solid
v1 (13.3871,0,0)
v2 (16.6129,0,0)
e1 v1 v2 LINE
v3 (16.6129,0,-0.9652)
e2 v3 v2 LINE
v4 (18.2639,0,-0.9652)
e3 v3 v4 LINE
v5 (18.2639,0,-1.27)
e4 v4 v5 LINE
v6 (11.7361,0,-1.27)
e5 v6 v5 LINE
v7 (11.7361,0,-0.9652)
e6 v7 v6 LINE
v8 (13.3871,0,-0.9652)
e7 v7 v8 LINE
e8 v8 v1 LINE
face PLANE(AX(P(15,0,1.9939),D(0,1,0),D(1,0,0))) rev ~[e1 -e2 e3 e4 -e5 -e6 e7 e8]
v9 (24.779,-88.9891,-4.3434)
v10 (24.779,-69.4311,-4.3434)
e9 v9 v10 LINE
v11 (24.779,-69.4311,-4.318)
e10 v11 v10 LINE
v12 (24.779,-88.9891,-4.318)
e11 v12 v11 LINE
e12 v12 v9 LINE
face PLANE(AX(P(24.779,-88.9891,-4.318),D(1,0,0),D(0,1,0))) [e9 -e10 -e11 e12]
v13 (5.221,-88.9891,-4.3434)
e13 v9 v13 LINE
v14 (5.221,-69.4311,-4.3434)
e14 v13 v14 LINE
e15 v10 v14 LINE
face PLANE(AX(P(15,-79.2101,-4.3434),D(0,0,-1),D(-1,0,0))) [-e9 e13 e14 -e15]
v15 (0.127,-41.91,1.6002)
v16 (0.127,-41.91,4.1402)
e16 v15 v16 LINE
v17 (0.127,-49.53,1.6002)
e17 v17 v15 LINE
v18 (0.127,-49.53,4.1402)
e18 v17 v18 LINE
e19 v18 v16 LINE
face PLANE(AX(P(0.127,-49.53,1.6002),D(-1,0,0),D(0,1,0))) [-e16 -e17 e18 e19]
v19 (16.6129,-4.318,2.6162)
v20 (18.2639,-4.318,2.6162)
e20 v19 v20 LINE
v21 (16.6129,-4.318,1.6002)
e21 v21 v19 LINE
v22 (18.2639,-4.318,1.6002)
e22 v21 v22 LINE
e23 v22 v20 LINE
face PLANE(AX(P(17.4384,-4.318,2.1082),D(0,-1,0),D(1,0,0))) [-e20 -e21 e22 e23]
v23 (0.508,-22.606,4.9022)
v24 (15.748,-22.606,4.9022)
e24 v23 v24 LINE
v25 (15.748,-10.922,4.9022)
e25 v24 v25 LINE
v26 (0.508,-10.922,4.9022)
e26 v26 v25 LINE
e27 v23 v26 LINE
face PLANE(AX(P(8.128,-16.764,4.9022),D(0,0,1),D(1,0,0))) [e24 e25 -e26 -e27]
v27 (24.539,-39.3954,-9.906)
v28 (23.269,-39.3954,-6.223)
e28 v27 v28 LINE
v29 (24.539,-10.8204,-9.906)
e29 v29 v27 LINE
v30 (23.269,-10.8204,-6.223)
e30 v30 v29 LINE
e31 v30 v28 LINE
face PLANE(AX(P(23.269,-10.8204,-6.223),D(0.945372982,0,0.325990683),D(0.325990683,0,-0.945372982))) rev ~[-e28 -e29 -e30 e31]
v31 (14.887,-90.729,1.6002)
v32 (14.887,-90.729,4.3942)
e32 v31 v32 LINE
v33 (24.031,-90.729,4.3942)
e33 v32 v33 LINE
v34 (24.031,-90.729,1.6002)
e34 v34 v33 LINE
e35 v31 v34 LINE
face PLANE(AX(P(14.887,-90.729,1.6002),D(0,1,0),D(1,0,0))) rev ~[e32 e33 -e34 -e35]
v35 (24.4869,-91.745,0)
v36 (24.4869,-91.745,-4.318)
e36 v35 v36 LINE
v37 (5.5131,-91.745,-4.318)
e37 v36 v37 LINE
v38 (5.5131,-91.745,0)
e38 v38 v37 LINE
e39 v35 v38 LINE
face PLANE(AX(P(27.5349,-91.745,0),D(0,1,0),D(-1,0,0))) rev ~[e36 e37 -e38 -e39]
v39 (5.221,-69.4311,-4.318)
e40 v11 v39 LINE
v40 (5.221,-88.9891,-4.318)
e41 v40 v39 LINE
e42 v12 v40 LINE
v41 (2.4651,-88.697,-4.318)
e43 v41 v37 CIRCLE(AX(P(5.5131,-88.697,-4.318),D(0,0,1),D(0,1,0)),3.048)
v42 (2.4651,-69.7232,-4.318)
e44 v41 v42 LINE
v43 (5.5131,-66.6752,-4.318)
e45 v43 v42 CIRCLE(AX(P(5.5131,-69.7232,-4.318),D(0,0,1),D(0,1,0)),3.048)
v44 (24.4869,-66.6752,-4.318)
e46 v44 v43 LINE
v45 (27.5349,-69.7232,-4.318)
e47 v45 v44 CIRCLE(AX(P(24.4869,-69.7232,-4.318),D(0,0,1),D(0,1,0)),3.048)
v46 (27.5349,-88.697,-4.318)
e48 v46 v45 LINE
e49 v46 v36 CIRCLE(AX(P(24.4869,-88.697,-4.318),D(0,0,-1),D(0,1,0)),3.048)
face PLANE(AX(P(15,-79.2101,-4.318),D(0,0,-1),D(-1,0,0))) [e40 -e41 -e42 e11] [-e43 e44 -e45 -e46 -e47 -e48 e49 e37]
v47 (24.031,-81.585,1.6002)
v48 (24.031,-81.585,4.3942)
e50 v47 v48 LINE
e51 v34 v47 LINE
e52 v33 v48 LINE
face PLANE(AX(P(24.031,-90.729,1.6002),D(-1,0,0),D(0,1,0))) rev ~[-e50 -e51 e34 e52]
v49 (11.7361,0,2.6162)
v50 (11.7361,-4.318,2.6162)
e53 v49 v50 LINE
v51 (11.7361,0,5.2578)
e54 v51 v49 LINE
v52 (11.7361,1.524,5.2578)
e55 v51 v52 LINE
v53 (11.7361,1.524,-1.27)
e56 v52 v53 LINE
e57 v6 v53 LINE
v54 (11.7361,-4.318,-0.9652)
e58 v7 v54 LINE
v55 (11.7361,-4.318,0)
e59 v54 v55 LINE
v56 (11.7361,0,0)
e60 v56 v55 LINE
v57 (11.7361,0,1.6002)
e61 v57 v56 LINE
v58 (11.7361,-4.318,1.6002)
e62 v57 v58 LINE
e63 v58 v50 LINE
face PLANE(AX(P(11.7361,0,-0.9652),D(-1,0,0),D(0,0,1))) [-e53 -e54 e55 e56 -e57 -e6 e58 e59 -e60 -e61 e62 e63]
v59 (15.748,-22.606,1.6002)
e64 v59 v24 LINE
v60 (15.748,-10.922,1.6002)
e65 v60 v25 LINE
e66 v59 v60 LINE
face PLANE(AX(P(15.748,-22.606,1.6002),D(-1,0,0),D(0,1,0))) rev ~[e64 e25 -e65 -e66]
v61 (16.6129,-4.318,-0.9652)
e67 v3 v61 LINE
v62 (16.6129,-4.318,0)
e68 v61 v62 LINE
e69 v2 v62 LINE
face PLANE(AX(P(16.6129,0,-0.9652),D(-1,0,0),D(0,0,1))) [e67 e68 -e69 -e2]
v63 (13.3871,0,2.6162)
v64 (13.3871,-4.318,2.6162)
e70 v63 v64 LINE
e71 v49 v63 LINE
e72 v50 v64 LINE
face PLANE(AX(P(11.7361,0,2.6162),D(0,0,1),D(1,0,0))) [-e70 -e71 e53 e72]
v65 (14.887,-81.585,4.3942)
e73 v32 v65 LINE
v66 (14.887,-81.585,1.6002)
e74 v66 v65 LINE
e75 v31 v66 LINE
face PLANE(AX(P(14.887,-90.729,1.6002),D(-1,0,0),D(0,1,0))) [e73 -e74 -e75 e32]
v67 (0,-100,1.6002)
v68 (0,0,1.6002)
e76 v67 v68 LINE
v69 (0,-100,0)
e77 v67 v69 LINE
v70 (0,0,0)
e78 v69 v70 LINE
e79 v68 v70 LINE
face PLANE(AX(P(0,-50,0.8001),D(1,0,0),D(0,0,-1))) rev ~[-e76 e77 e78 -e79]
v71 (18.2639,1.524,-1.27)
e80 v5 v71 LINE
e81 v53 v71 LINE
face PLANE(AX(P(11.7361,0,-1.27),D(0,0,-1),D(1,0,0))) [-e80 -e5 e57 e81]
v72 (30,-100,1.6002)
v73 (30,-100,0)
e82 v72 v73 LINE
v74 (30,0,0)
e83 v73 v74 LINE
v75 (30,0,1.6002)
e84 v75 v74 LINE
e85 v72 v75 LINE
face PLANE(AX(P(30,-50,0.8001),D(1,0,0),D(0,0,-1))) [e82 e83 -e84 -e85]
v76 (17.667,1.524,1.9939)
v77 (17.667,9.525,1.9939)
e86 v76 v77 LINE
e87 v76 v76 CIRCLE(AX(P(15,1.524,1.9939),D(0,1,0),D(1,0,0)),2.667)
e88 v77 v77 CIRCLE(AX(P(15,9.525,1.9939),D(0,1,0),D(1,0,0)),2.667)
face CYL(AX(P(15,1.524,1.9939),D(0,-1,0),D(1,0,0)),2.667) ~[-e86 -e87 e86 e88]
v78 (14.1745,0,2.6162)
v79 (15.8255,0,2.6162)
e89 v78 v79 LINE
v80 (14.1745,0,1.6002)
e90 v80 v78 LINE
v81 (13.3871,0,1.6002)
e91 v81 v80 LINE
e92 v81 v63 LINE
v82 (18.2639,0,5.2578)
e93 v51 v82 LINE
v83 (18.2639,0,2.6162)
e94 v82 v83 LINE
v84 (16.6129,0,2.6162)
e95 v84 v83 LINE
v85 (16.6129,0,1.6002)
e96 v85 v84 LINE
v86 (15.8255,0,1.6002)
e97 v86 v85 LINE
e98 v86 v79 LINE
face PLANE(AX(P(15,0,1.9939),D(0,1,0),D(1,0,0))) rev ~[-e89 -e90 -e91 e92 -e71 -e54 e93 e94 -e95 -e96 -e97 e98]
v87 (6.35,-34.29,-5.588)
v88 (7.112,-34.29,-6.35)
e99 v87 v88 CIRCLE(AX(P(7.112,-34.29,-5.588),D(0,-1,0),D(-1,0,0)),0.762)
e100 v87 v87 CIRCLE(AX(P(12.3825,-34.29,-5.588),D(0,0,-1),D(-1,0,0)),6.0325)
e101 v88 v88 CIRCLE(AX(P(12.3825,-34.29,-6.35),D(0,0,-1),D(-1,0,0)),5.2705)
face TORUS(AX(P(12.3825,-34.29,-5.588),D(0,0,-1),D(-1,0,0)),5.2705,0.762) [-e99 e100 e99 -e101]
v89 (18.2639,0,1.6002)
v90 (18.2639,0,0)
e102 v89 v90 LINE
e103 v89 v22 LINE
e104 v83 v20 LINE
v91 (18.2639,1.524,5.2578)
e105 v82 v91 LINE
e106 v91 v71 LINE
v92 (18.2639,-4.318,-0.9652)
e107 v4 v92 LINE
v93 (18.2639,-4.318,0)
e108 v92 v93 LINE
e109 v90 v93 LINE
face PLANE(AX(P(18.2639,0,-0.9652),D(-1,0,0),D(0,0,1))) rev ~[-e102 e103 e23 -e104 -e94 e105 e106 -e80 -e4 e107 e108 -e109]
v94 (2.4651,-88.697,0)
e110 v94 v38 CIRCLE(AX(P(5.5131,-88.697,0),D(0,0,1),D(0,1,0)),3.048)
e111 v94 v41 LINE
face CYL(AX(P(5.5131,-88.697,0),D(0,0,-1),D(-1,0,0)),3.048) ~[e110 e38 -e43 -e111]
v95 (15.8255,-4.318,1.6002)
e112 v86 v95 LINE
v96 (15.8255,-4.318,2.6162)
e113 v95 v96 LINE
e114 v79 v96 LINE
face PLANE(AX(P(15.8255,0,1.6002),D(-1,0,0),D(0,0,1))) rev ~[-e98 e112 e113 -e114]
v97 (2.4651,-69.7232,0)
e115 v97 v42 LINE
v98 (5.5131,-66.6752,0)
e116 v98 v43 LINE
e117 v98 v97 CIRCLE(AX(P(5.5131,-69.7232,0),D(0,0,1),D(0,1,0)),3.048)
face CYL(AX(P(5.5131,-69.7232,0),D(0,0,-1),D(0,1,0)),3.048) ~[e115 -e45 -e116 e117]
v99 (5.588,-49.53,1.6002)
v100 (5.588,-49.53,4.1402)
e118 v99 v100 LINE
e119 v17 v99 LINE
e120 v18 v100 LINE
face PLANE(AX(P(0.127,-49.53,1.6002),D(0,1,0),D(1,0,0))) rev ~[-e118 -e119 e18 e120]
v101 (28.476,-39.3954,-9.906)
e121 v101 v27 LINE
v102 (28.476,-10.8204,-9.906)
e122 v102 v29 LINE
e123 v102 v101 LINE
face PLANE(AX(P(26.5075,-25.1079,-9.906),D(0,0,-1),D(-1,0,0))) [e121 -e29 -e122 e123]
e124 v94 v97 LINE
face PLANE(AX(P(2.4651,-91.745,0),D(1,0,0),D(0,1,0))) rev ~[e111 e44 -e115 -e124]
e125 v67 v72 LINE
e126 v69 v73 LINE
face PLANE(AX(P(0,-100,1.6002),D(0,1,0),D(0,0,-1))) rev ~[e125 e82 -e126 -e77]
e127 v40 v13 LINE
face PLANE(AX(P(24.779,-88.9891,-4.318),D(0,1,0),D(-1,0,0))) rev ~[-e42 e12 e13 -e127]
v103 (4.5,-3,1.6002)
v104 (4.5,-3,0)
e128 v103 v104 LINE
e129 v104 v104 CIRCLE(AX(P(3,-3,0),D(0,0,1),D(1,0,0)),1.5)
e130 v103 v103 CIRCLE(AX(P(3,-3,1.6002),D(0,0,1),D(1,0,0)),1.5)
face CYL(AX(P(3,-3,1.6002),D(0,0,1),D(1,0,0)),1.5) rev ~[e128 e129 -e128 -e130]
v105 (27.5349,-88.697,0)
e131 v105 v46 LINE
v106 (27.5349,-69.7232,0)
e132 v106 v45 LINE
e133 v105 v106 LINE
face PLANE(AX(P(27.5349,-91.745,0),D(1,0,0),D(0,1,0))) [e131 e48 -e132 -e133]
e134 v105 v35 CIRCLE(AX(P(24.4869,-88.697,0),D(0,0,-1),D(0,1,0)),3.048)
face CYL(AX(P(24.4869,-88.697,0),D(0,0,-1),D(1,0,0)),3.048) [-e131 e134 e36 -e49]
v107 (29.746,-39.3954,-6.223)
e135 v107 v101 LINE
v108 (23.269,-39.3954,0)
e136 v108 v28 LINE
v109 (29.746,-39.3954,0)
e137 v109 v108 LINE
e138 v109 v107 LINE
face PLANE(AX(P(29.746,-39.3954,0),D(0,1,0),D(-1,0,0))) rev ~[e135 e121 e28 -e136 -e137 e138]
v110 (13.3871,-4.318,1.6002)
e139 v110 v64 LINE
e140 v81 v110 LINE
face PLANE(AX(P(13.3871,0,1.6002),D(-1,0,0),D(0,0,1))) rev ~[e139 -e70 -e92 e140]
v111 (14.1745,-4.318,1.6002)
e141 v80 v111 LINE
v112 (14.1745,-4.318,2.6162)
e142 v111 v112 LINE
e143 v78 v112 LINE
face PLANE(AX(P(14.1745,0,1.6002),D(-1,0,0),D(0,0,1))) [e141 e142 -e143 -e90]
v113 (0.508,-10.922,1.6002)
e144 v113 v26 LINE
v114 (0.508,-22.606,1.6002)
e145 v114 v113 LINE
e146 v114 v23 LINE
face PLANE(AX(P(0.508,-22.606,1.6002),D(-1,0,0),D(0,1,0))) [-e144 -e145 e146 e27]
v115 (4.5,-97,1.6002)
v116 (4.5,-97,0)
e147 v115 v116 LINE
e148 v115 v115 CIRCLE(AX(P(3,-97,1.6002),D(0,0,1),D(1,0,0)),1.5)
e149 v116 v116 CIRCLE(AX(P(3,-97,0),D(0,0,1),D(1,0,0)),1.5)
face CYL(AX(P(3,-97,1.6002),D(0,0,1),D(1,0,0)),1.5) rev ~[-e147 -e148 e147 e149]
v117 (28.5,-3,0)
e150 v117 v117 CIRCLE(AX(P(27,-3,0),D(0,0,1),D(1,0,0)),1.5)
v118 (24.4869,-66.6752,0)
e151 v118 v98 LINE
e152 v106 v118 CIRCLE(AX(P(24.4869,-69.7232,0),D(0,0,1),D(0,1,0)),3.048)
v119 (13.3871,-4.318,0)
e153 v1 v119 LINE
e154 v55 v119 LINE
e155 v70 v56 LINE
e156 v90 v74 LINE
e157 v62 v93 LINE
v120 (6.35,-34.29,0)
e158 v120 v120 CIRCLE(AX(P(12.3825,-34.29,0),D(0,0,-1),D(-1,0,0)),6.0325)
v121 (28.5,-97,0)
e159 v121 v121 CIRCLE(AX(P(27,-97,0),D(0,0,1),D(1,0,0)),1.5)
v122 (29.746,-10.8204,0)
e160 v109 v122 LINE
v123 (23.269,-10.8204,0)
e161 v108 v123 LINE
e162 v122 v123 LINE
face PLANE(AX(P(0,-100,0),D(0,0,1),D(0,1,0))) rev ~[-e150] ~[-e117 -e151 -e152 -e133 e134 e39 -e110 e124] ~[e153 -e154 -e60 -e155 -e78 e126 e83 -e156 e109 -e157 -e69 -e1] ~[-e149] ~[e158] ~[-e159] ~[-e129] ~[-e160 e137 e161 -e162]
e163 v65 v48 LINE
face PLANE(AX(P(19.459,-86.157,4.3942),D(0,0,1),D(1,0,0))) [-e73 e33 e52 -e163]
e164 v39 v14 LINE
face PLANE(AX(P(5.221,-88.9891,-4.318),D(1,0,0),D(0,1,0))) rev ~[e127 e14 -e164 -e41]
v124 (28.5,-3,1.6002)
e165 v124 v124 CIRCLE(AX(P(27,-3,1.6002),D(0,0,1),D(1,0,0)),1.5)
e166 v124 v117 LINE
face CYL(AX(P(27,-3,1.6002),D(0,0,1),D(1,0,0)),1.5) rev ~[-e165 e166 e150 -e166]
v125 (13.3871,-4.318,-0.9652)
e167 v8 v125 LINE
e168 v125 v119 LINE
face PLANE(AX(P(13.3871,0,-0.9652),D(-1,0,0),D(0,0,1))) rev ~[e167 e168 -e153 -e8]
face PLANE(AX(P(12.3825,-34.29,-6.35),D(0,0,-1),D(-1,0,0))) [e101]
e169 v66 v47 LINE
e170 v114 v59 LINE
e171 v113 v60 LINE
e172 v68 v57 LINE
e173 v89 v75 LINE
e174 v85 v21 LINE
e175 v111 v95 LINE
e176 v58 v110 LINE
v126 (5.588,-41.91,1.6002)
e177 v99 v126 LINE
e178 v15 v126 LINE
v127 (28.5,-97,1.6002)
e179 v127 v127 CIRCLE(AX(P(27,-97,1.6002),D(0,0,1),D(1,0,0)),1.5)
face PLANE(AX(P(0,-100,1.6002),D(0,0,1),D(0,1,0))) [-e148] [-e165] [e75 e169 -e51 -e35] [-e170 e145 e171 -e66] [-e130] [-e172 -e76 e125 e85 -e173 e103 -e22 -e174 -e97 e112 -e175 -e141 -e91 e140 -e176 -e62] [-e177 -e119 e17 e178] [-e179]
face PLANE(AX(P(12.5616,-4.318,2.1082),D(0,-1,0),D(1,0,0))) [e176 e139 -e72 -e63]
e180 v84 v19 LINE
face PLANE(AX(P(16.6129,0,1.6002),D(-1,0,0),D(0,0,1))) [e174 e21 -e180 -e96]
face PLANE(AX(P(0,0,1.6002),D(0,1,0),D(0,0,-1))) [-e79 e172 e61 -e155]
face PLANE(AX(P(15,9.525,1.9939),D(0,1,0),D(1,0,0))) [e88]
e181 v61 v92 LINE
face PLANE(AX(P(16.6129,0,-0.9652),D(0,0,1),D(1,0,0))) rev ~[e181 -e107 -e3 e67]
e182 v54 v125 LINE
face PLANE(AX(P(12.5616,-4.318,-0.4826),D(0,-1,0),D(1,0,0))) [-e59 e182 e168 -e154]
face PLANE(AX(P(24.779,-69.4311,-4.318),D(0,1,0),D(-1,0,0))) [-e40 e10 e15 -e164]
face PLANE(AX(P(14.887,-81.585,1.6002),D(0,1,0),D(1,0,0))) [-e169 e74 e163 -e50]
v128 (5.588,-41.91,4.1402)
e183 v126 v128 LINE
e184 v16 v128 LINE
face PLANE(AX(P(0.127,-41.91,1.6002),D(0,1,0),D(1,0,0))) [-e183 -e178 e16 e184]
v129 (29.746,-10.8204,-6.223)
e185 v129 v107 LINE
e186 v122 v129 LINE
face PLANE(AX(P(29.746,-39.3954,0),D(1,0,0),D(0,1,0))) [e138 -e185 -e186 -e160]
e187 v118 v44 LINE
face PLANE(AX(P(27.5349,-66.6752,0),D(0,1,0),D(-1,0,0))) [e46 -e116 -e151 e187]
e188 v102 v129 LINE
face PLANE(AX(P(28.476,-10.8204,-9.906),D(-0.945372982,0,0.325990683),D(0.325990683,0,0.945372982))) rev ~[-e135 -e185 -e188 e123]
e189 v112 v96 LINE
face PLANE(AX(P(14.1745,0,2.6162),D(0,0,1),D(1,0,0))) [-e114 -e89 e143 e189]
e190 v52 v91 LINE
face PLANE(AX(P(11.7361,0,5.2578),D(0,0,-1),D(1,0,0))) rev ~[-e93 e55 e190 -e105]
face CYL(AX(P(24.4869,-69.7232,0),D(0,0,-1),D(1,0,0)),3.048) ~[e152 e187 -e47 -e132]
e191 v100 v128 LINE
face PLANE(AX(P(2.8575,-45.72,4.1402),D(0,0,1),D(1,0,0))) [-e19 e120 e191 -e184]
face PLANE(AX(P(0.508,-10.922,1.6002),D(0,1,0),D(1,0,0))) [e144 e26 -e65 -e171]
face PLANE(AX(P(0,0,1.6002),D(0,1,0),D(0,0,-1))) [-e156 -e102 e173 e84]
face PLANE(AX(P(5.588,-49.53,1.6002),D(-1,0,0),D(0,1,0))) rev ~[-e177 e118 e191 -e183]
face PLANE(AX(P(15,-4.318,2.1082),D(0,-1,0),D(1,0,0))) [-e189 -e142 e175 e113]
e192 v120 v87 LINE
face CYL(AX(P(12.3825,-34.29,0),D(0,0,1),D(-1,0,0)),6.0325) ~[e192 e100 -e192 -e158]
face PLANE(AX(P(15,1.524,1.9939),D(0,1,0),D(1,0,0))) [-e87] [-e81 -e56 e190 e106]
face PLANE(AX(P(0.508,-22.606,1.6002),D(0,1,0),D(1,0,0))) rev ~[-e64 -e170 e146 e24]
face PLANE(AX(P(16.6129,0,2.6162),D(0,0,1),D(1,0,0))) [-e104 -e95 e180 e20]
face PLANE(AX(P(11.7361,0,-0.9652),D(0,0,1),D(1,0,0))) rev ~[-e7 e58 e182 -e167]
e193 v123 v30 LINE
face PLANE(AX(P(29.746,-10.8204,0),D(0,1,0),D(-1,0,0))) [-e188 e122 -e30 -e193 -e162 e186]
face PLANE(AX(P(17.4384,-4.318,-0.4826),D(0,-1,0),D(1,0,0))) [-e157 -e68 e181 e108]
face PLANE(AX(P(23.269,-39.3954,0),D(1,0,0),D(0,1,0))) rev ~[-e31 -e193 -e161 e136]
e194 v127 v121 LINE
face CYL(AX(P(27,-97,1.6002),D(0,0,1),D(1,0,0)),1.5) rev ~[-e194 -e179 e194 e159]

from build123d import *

# Parameters (mm, degrees)
SKETCH3_W            = 1.6002
SKETCH3_H            = 100
BOSS_EXTRUDE1_DEPTH  = 30
SKETCH5_R            = 1.5
SCREW_HOLES_DEPTH    = 13.39
SKETCH7_W            = 6.477
SKETCH7_H            = 28.575
BOSS_EXTRUDE2_DEPTH  = 9.906
CUT_EXTRUDE1_REACH   = 91.18
SKETCH9_R            = 6.0325
BOSS_EXTRUDE3_DEPTH  = 6.35
FILLET1_R            = 0.762
SKETCH10_W           = 25.0698
SKETCH10_H           = 25.0698
BOSS_EXTRUDE4_DEPTH  = 4.318
FILLET2_R            = 3.048
SKETCH11_W           = 19.558
SKETCH11_H           = 19.558
STICKER_DEPTH        = 0.0254
SKETCH12_W           = 15.24
SKETCH12_H           = 11.684
BIG_CHIP_DEPTH       = 3.302
SKETCH13_W           = 9.144
SKETCH13_H           = 9.144
UBLOX_CHIP_DEPTH     = 2.794
SKETCH14_W           = 6.5278
SKETCH14_H           = 6.5278
BOSS_EXTRUDE8_DEPTH  = 1.524
SKETCH15_R           = 2.667
BOSS_EXTRUDE9_DEPTH  = 8.001
SKETCH17_W           = 1.651
SKETCH17_H           = 1.016
BOSS_EXTRUDE10_DEPTH = 4.318
SKETCH18_W           = 1.651
SKETCH18_H           = 0.9652
BOSS_EXTRUDE11_DEPTH = 4.318
SKETCH19_W           = 5.461
SKETCH19_H           = 7.62
USB_CONNECTOR_DEPTH  = 2.54


with BuildPart() as part:
    # Sketch3 → Boss-Extrude1 (new body)
    with BuildSketch(Plane(origin=(0, 0, 0), x_dir=(0, 0, -1), z_dir=(1, 0, 0))):
        with Locations((-0.8001, -50)):
            Rectangle(SKETCH3_W, SKETCH3_H)
    extrude(amount=BOSS_EXTRUDE1_DEPTH)

    # Sketch5 → Screw-Holes (cut)
    with BuildSketch(Plane.XY.offset(1.6002)):
        with Locations((27, -3)):
            Circle(SKETCH5_R)
        with Locations((3, -3)):
            Circle(SKETCH5_R)
        with Locations((3, -97)):
            Circle(SKETCH5_R)
        with Locations((27, -97)):
            Circle(SKETCH5_R)
    extrude(amount=-SCREW_HOLES_DEPTH, mode=Mode.SUBTRACT)

    # Sketch7 → Boss-Extrude2 (add)
    with BuildSketch(Plane(origin=(0, 0, 0), x_dir=(-1, 0, 0), z_dir=(0, 0, -1))):
        with Locations((-26.5075, -25.1079)):
            Rectangle(SKETCH7_W, SKETCH7_H)
    extrude(amount=BOSS_EXTRUDE2_DEPTH)

    # Sketch8 → Cut-Extrude1 (cut, up to next)
    with BuildSketch(Plane(origin=(0, -10.8204, 0), x_dir=(1, 0, 0), z_dir=(0, 1, 0)), mode=Mode.PRIVATE) as cut_extrude1_sk1:
        Polygon((28.476, 9.906), (29.746, 6.223), (29.746, 9.906), align=None)
    cut_extrude1_tool1 = extrude(cut_extrude1_sk1.sketch, amount=-CUT_EXTRUDE1_REACH, mode=Mode.PRIVATE) & part.part
    add(cut_extrude1_tool1.solids().sort_by_distance((29.322667, -10.8204, -8.678333))[0], mode=Mode.SUBTRACT)
    # Sketch8 → Cut-Extrude1 (cut, up to next)
    with BuildSketch(Plane(origin=(0, -10.8204, 0), x_dir=(1, 0, 0), z_dir=(0, 1, 0)), mode=Mode.PRIVATE) as cut_extrude1_sk2:
        Polygon((23.269, 9.906), (23.269, 6.223), (24.539, 9.906), align=None)
    cut_extrude1_tool2 = extrude(cut_extrude1_sk2.sketch, amount=-CUT_EXTRUDE1_REACH, mode=Mode.PRIVATE) & part.part
    add(cut_extrude1_tool2.solids().sort_by_distance((23.692333, -10.8204, -8.678333))[0], mode=Mode.SUBTRACT)

    # Sketch9 → Boss-Extrude3 (add)
    with BuildSketch(Plane(origin=(0, 0, 0), x_dir=(-1, 0, 0), z_dir=(0, 0, -1))):
        with Locations((-12.3825, -34.29)):
            Circle(SKETCH9_R)
    extrude(amount=BOSS_EXTRUDE3_DEPTH)

    # Fillet1
    fillet1_edges = [part.edges().sort_by_distance(p)[0] for p in [
        (18.415, -34.29, -6.35),
    ]]
    fillet(fillet1_edges, radius=FILLET1_R)

    # Sketch10 → Boss-Extrude4 (add)
    with BuildSketch(Plane(origin=(0, 0, 0), x_dir=(-1, 0, 0), z_dir=(0, 0, -1))):
        with Locations((-15, -79.2101)):
            Rectangle(SKETCH10_W, SKETCH10_H)
    extrude(amount=BOSS_EXTRUDE4_DEPTH)

    # Fillet2
    fillet2_edges = [part.edges().sort_by_distance(p)[0] for p in [
        (2.4651, -91.745, -2.159),
        (2.4651, -66.6752, -2.159),
        (27.5349, -66.6752, -2.159),
        (27.5349, -91.745, -2.159),
    ]]
    fillet(fillet2_edges, radius=FILLET2_R)

    # Sketch11 → Sticker (add)
    with BuildSketch(Plane(origin=(0, 0, -4.318), x_dir=(-1, 0, 0), z_dir=(0, 0, -1))):
        with Locations((-15, -79.2101)):
            Rectangle(SKETCH11_W, SKETCH11_H)
    extrude(amount=STICKER_DEPTH)

    # Sketch12 → Big chip (add)
    with BuildSketch(Plane.XY.offset(1.6002)):
        with Locations((8.128, -16.764)):
            Rectangle(SKETCH12_W, SKETCH12_H)
    extrude(amount=BIG_CHIP_DEPTH)

    # Sketch13 → ublox chip (add)
    with BuildSketch(Plane.XY.offset(1.6002)):
        with Locations((19.459, -86.157)):
            Rectangle(SKETCH13_W, SKETCH13_H)
    extrude(amount=UBLOX_CHIP_DEPTH)

    # Sketch14 → Boss-Extrude8 (add)
    with BuildSketch(Plane(origin=(0, 0, 0), x_dir=(1, 0, 0), z_dir=(0, 1, 0))):
        with Locations((15, -1.9939)):
            Rectangle(SKETCH14_W, SKETCH14_H)
    extrude(amount=BOSS_EXTRUDE8_DEPTH)

    # Sketch15 → Boss-Extrude9 (add)
    with BuildSketch(Plane(origin=(0, 1.524, 0), x_dir=(1, 0, 0), z_dir=(0, 1, 0))):
        with Locations((15, -1.9939)):
            Circle(SKETCH15_R)
    extrude(amount=BOSS_EXTRUDE9_DEPTH)

    # Sketch17 → Boss-Extrude10 (add)
    with BuildSketch(Plane.XZ):
        with Locations((15, 2.1082)):
            Rectangle(SKETCH17_W, SKETCH17_H)
        with Locations((12.5616, 2.1082)):
            Rectangle(SKETCH17_W, SKETCH17_H)
        with Locations((17.4384, 2.1082)):
            Rectangle(SKETCH17_W, SKETCH17_H)
    extrude(amount=BOSS_EXTRUDE10_DEPTH)

    # Sketch18 → Boss-Extrude11 (add)
    with BuildSketch(Plane.XZ):
        with Locations((12.5616, -0.4826)):
            Rectangle(SKETCH18_W, SKETCH18_H)
        with Locations((17.4384, -0.4826)):
            Rectangle(SKETCH18_W, SKETCH18_H)
    extrude(amount=BOSS_EXTRUDE11_DEPTH)

    # Sketch19 → USB connector (add)
    with BuildSketch(Plane.XY.offset(1.6002)):
        with Locations((2.8575, -45.72)):
            Rectangle(SKETCH19_W, SKETCH19_H)
    extrude(amount=USB_CONNECTOR_DEPTH)


solid = part.part
